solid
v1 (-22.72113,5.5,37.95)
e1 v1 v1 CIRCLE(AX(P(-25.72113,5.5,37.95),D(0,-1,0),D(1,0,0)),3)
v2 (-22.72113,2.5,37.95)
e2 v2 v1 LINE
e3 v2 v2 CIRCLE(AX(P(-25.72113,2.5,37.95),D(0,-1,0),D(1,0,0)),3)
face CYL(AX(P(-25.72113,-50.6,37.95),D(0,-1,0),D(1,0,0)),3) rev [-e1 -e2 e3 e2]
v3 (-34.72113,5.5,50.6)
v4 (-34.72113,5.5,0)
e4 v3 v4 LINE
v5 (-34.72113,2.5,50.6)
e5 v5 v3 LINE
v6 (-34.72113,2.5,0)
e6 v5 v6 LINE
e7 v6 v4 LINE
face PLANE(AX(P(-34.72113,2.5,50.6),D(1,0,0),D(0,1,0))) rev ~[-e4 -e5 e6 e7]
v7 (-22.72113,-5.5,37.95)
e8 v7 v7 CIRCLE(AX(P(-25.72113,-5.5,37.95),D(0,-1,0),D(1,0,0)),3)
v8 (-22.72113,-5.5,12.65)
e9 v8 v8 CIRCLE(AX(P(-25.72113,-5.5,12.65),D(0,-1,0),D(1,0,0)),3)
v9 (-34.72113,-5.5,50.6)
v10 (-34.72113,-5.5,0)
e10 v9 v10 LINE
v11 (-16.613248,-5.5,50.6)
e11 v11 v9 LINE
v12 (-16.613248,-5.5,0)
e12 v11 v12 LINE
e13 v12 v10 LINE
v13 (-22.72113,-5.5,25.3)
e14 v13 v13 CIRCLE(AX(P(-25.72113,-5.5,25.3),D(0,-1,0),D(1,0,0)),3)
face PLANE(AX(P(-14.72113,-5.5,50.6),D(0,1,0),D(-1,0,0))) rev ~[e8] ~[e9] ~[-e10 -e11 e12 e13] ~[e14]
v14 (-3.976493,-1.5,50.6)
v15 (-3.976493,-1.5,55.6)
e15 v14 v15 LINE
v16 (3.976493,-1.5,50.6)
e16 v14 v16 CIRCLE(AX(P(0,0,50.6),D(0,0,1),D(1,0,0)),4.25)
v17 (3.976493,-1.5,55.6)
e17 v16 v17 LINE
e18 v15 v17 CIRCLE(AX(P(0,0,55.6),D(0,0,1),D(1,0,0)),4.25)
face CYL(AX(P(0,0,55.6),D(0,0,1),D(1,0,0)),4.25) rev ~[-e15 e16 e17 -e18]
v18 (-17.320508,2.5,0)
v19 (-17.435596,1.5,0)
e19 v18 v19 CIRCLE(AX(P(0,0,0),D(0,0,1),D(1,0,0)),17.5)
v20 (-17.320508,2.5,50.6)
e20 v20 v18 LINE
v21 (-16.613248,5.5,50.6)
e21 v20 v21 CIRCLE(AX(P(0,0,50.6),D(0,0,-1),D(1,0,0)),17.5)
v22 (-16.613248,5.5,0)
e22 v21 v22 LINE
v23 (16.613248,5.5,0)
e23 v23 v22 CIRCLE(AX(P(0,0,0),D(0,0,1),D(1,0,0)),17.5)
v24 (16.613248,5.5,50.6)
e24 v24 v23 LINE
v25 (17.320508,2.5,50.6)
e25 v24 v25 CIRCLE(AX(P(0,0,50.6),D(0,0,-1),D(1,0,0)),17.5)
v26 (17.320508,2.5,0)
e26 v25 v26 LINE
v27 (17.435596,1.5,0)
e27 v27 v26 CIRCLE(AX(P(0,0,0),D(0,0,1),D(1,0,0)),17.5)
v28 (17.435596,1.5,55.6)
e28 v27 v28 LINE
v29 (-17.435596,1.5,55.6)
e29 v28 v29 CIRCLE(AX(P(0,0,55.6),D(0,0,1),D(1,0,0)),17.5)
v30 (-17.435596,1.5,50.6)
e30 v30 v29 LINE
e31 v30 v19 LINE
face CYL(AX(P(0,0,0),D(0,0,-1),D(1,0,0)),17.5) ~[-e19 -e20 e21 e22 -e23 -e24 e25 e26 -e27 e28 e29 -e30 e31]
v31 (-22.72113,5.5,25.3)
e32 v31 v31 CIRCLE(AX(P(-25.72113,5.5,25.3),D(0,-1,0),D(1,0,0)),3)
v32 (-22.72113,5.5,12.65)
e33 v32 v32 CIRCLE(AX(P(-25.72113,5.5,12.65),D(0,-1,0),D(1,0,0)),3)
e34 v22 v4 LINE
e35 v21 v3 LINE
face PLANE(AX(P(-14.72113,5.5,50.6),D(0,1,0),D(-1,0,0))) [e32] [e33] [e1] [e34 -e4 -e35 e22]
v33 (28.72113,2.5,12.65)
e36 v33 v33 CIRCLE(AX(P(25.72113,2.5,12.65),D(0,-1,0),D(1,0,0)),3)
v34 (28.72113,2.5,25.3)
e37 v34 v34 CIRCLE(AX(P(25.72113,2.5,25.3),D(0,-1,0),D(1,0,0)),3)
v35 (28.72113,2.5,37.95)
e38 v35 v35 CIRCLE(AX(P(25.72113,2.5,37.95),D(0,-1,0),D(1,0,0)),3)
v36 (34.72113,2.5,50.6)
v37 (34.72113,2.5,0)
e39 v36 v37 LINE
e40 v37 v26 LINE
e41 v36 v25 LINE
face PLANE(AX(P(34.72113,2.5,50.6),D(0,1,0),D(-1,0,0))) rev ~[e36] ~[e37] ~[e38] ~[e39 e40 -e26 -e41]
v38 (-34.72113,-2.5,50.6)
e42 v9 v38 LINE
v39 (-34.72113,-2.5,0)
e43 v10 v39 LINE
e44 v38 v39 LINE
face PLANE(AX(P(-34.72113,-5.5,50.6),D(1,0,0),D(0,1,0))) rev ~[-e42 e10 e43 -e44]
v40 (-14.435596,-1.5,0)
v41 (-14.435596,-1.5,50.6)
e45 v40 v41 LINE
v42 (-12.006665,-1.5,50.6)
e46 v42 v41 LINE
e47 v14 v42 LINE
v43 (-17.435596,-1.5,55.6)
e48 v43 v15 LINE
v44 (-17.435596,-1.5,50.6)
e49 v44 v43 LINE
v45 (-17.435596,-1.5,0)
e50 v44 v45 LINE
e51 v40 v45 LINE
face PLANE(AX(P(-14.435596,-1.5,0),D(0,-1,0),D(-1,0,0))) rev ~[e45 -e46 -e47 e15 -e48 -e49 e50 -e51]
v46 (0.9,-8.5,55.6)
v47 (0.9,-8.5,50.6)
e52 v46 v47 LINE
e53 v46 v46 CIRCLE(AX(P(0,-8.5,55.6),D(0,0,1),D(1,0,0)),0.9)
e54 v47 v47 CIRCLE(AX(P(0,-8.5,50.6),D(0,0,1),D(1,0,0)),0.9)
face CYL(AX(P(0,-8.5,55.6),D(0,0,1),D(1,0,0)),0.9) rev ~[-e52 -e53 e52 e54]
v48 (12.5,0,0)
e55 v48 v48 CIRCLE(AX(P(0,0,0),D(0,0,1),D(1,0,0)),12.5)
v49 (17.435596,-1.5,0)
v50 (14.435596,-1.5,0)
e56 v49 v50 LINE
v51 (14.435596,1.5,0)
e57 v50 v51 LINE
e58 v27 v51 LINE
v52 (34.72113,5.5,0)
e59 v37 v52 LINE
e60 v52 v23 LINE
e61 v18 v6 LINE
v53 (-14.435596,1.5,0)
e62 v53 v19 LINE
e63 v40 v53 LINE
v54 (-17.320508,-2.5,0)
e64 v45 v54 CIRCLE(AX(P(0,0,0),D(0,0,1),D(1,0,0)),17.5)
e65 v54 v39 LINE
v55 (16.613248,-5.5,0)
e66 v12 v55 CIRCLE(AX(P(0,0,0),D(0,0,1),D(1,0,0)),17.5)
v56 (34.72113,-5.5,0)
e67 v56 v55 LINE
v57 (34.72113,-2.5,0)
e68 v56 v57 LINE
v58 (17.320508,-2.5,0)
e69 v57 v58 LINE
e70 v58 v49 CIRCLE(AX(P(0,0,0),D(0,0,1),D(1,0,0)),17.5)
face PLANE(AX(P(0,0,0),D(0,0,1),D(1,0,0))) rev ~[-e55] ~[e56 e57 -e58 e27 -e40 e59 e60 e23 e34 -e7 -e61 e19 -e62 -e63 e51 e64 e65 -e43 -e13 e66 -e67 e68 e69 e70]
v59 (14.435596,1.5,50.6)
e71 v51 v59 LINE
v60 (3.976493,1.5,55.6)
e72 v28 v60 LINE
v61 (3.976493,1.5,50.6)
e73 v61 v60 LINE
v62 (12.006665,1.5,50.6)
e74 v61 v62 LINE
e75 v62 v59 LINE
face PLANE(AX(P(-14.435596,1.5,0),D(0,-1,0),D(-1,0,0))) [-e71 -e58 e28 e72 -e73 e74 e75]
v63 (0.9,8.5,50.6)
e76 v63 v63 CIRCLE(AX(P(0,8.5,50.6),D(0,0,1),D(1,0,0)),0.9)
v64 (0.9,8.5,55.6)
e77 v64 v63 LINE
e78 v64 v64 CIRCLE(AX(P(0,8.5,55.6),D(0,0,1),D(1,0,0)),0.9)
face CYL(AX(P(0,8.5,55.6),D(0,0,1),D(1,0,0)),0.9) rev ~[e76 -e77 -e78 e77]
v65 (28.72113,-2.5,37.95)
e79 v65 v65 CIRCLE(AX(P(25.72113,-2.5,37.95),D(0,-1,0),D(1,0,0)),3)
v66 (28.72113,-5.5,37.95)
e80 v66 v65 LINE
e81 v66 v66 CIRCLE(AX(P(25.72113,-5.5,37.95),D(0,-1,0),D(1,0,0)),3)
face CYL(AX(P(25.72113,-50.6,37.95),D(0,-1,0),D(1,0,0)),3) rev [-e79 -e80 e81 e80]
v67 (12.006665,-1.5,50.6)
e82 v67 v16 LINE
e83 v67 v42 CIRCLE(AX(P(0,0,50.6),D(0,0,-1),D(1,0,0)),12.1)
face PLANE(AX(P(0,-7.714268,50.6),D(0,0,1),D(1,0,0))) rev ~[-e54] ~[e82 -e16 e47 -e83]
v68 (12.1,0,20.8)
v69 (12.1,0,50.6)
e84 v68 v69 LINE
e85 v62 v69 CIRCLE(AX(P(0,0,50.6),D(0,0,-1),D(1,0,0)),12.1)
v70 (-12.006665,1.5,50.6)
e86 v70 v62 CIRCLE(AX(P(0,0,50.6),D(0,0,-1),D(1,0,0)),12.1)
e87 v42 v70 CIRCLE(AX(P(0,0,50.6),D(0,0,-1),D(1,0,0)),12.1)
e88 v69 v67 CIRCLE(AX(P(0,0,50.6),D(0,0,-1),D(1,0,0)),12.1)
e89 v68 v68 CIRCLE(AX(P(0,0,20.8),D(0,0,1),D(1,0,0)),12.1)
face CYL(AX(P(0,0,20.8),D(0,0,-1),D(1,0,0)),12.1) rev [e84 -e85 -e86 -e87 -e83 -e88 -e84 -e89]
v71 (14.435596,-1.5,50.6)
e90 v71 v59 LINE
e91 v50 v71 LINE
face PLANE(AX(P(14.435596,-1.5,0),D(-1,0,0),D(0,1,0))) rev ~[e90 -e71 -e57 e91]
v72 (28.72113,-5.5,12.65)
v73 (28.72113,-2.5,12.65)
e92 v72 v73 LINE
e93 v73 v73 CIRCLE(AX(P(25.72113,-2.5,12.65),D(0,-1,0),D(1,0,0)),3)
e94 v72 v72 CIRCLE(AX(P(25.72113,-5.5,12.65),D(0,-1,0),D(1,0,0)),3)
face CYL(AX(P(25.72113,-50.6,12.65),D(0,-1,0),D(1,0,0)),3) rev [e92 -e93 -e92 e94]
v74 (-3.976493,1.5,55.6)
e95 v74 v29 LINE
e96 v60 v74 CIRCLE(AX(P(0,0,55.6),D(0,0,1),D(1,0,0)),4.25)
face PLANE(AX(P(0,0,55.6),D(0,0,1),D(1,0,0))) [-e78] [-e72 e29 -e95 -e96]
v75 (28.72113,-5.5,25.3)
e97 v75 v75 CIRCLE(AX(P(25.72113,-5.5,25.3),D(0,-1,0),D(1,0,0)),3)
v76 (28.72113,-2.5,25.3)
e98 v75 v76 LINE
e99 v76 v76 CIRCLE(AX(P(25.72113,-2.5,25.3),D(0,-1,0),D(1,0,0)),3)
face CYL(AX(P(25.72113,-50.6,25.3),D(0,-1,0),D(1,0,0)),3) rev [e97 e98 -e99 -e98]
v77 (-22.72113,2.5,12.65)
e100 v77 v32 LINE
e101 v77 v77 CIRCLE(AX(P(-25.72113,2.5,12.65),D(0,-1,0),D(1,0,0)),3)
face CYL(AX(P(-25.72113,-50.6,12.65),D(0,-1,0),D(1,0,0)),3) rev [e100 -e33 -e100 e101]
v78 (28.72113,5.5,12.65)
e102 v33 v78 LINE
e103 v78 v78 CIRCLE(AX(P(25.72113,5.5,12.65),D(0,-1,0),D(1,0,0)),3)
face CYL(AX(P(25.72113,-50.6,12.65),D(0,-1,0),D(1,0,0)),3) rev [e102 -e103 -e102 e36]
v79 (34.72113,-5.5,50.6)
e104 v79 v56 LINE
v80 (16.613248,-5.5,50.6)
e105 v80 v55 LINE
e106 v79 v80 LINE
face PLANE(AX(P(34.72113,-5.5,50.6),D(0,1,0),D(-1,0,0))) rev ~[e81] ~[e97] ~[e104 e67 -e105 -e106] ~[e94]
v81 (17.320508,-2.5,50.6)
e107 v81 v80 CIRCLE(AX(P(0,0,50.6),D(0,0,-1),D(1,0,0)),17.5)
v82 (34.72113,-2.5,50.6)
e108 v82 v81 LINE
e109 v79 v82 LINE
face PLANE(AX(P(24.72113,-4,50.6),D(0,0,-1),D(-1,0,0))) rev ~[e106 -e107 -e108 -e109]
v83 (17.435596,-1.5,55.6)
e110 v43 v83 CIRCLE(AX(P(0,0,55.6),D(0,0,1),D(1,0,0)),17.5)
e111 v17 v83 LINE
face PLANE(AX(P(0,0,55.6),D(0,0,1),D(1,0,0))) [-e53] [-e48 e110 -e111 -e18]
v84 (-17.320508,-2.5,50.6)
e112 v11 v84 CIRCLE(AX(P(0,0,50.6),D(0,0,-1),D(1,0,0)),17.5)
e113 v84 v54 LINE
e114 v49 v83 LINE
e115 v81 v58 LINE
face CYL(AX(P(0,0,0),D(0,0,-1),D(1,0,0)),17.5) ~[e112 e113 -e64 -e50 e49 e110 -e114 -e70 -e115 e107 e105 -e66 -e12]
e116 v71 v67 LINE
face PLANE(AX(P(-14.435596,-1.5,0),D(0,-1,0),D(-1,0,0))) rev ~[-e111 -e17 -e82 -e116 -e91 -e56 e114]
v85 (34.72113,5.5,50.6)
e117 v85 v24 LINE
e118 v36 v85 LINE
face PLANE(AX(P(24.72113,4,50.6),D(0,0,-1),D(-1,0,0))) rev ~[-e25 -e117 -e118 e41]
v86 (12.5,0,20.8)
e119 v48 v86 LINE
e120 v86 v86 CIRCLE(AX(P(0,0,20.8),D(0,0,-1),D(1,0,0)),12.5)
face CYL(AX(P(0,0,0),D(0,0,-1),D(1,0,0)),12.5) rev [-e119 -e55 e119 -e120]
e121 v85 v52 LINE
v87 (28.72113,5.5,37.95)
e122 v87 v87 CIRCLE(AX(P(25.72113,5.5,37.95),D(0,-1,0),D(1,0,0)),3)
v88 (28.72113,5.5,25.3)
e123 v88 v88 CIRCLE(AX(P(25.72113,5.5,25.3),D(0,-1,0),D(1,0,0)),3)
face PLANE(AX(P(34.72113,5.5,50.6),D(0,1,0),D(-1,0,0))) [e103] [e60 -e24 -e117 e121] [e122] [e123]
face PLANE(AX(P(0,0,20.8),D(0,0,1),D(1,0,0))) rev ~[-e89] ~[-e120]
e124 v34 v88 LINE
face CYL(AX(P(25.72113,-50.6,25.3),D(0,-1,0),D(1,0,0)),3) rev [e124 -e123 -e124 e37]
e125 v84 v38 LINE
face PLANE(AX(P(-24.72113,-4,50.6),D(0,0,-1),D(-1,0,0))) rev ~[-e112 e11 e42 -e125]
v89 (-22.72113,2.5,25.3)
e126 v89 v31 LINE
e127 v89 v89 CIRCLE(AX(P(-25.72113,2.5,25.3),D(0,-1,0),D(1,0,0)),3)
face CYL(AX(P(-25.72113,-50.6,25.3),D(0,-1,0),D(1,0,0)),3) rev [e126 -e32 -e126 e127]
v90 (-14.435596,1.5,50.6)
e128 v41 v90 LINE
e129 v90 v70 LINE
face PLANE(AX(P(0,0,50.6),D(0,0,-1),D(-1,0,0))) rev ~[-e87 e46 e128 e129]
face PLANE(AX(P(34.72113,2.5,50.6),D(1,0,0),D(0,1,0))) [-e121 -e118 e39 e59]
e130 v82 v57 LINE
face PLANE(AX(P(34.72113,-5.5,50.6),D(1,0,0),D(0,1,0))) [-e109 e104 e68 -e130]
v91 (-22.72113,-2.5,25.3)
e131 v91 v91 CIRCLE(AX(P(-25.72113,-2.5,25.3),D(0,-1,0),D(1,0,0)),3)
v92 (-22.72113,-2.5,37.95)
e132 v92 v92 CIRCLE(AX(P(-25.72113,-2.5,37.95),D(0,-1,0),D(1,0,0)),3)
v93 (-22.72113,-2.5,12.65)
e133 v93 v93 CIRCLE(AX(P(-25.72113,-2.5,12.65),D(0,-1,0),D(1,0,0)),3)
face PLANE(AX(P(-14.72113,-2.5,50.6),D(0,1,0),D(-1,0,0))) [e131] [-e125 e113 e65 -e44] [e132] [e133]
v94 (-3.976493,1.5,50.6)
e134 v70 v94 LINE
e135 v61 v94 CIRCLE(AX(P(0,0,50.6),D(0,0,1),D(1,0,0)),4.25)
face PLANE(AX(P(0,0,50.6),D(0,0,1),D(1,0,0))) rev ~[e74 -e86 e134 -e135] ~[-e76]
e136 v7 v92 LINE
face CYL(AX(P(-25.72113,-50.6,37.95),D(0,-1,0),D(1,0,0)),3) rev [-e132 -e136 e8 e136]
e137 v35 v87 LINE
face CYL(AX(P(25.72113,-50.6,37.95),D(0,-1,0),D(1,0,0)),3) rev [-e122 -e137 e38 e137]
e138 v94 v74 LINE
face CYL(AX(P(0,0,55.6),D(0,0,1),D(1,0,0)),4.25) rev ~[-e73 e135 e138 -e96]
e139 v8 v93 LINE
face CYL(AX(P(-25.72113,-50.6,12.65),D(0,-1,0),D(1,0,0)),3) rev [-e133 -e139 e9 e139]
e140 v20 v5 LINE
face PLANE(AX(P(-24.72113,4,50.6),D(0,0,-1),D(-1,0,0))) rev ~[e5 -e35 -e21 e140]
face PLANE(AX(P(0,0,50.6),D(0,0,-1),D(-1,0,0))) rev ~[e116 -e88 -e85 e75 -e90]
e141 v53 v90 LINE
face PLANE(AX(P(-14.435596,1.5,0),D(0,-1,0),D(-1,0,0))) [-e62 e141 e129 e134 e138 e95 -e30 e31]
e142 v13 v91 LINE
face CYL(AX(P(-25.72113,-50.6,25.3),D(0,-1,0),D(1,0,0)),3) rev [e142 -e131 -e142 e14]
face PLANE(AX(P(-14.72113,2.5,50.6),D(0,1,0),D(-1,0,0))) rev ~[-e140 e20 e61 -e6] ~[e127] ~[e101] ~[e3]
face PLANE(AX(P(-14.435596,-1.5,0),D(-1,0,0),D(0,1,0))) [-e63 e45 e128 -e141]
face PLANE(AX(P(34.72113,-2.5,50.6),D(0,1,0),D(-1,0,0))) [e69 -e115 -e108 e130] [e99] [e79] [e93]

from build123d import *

# Parameters (mm, degrees)
ESBO_O1_R                  = 17.5
ESBO_O1_R_2                = 12.5
RESSALTO_EXTRUS_O1_DEPTH   = 55.6
RESSALTO_EXTRUS_O2_START   = -5
ESBO_O2_R                  = 12.5
RESSALTO_EXTRUS_O2_DEPTH   = 5
RESSALTO_EXTRUS_O3_START   = -34.8
ESBO_O4_R                  = 17.5
ESBO_O4_R_2                = 12.1
RESSALTO_EXTRUS_O3_DEPTH   = 34.8
CORTE_EXTRUS_O4_START      = -5
CORTE_EXTRUS_O4_DEPTH      = 5
ESBO_O13_R                 = 2
CORTE_EXTRUS_O6_DEPTH      = 78
ESBO_O14_W                 = 20
ESBO_O14_H                 = 3
RESSALTO_EXTRUS_O5_DEPTH   = 50.6
CORTE_EXTRUS_O7_DEPTH      = 50.6
CORTE_EXTRUS_O7_DEPTH_BACK = 50.6
ESBO_O15_R                 = 3
ESBO_O19_W                 = 3.249347661
ESBO_O19_H                 = 3
ESBO_O19_W_2               = 1.024720198
CORTE_EXTRUS_O8_DEPTH      = 78
ESBO_O24_W                 = 3
ESBO_O24_H                 = 3
CORTE_EXTRUS_O9_DEPTH      = 78
ESBO_O27_R                 = 4.25
CORTE_EXTRUS_O10_DEPTH     = 10
RESSALTO_EXTRUS_O6_START   = -5
ESBO_O28_R                 = 2
RESSALTO_EXTRUS_O6_DEPTH   = 5
ESBO_O29_R                 = 0.9
CORTE_EXTRUS_O11_DEPTH     = 5


with BuildPart() as part:
    # Esboço1 → Ressalto-extrusão1 (new body)
    with BuildSketch(Plane.XY):
        Circle(ESBO_O1_R)
        Circle(ESBO_O1_R_2, mode=Mode.SUBTRACT)
    extrude(amount=RESSALTO_EXTRUS_O1_DEPTH)

    # Esboço2 → Ressalto-extrusão2 (add)
    with BuildSketch(Plane.XY.offset(55.6).offset(RESSALTO_EXTRUS_O2_START)):
        Circle(ESBO_O2_R)
    extrude(amount=RESSALTO_EXTRUS_O2_DEPTH)

    # Esboço4 → Ressalto-extrusão3 (add)
    with BuildSketch(Plane.XY.offset(55.6).offset(RESSALTO_EXTRUS_O3_START)):
        Circle(ESBO_O4_R)
        Circle(ESBO_O4_R_2, mode=Mode.SUBTRACT)
    extrude(amount=RESSALTO_EXTRUS_O3_DEPTH)

    # Esboço12 → Corte-extrusão4 (cut)
    with BuildSketch(Plane.XY.offset(55.6).offset(CORTE_EXTRUS_O4_START)):
        with BuildLine():
            Line((0, 1.5), (17.435595774, 1.5))
            ThreePointArc((17.435595774, 1.5), (17.5, 0), (17.435595774, -1.5))
            Line((17.435595774, -1.5), (0, -1.5))
            Line((0, -1.5), (-17.435595774, -1.5))
            ThreePointArc((-17.435595774, -1.5), (-17.5, 0), (-17.435595774, 1.5))
            Line((-17.435595774, 1.5), (0, 1.5))
        make_face()
    extrude(amount=CORTE_EXTRUS_O4_DEPTH, mode=Mode.SUBTRACT)

    # Esboço13 → Corte-extrusão6 (cut)
    with BuildSketch(Plane.XY):
        with Locations((0, -7.714268488)):
            Circle(ESBO_O13_R)
    extrude(amount=CORTE_EXTRUS_O6_DEPTH, mode=Mode.SUBTRACT)

    # Esboço14 → Ressalto-extrusão5 (add)
    with BuildSketch(Plane(origin=(0, 0, 50.6), x_dir=(-1, 0, 0), z_dir=(0, 0, -1))):
        with Locations((24.721130295, -4)):
            Rectangle(ESBO_O14_W, ESBO_O14_H)
        with Locations((24.721130295, 4)):
            Rectangle(ESBO_O14_W, ESBO_O14_H)
        with Locations((-24.721130295, 4)):
            Rectangle(ESBO_O14_W, ESBO_O14_H)
        with Locations((-24.721130295, -4)):
            Rectangle(ESBO_O14_W, ESBO_O14_H)
    extrude(amount=RESSALTO_EXTRUS_O5_DEPTH)

    # Esboço15 → Corte-extrusão7 (cut, two sides: drawn at the far end of the back side and taken through both)
    with BuildSketch(Plane(origin=(0, 0, 0), x_dir=(1, 0, 0), z_dir=(0, 1, 0)).offset(-CORTE_EXTRUS_O7_DEPTH_BACK)):
        with Locations((-25.721130295, -25.3)):
            Circle(ESBO_O15_R)
        with Locations((25.721130295, -25.3)):
            Circle(ESBO_O15_R)
        with Locations((-25.721130295, -37.95)):
            Circle(ESBO_O15_R)
        with Locations((-25.721130295, -12.65)):
            Circle(ESBO_O15_R)
        with Locations((25.721130295, -12.65)):
            Circle(ESBO_O15_R)
        with Locations((25.721130295, -37.95)):
            Circle(ESBO_O15_R)
    extrude(amount=CORTE_EXTRUS_O7_DEPTH + CORTE_EXTRUS_O7_DEPTH_BACK, mode=Mode.SUBTRACT)

    # Esboço19 → Corte-extrusão8 (cut)
    with BuildSketch(Plane(origin=(0, 0, 50.6), x_dir=(-1, 0, 0), z_dir=(0, 0, -1))):
        with Locations((19.060269605, 0)):
            Rectangle(ESBO_O19_W, ESBO_O19_H)
        with Locations((-17.947955873, 0)):
            Rectangle(ESBO_O19_W_2, ESBO_O19_H)
    extrude(amount=CORTE_EXTRUS_O8_DEPTH, mode=Mode.SUBTRACT)

    # Esboço24 → Corte-extrusão9 (cut)
    with BuildSketch(Plane(origin=(0, 0, 0), x_dir=(-1, 0, 0), z_dir=(0, 0, -1))):
        with Locations((-15.935595774, 0)):
            Rectangle(ESBO_O24_W, ESBO_O24_H)
        with Locations((15.935595774, 0)):
            Rectangle(ESBO_O24_W, ESBO_O24_H)
    extrude(amount=-CORTE_EXTRUS_O9_DEPTH, mode=Mode.SUBTRACT)

    # Esboço27 → Corte-extrusão10 (cut)
    with BuildSketch(Plane.XY.offset(55.6)):
        Circle(ESBO_O27_R)
    extrude(amount=-CORTE_EXTRUS_O10_DEPTH, mode=Mode.SUBTRACT)

    # Esboço28 → Ressalto-extrusão6 (add)
    with BuildSketch(Plane.XY.offset(55.6).offset(RESSALTO_EXTRUS_O6_START)):
        with Locations((0, -7.714268488)):
            Circle(ESBO_O28_R)
    extrude(amount=RESSALTO_EXTRUS_O6_DEPTH)

    # Esboço29 → Corte-extrusão11 (cut)
    with BuildSketch(Plane.XY.offset(55.6)):
        with Locations((0, 8.5)):
            Circle(ESBO_O29_R)
        with Locations((0, -8.5)):
            Circle(ESBO_O29_R)
    extrude(amount=-CORTE_EXTRUS_O11_DEPTH, mode=Mode.SUBTRACT)


solid = part.part
